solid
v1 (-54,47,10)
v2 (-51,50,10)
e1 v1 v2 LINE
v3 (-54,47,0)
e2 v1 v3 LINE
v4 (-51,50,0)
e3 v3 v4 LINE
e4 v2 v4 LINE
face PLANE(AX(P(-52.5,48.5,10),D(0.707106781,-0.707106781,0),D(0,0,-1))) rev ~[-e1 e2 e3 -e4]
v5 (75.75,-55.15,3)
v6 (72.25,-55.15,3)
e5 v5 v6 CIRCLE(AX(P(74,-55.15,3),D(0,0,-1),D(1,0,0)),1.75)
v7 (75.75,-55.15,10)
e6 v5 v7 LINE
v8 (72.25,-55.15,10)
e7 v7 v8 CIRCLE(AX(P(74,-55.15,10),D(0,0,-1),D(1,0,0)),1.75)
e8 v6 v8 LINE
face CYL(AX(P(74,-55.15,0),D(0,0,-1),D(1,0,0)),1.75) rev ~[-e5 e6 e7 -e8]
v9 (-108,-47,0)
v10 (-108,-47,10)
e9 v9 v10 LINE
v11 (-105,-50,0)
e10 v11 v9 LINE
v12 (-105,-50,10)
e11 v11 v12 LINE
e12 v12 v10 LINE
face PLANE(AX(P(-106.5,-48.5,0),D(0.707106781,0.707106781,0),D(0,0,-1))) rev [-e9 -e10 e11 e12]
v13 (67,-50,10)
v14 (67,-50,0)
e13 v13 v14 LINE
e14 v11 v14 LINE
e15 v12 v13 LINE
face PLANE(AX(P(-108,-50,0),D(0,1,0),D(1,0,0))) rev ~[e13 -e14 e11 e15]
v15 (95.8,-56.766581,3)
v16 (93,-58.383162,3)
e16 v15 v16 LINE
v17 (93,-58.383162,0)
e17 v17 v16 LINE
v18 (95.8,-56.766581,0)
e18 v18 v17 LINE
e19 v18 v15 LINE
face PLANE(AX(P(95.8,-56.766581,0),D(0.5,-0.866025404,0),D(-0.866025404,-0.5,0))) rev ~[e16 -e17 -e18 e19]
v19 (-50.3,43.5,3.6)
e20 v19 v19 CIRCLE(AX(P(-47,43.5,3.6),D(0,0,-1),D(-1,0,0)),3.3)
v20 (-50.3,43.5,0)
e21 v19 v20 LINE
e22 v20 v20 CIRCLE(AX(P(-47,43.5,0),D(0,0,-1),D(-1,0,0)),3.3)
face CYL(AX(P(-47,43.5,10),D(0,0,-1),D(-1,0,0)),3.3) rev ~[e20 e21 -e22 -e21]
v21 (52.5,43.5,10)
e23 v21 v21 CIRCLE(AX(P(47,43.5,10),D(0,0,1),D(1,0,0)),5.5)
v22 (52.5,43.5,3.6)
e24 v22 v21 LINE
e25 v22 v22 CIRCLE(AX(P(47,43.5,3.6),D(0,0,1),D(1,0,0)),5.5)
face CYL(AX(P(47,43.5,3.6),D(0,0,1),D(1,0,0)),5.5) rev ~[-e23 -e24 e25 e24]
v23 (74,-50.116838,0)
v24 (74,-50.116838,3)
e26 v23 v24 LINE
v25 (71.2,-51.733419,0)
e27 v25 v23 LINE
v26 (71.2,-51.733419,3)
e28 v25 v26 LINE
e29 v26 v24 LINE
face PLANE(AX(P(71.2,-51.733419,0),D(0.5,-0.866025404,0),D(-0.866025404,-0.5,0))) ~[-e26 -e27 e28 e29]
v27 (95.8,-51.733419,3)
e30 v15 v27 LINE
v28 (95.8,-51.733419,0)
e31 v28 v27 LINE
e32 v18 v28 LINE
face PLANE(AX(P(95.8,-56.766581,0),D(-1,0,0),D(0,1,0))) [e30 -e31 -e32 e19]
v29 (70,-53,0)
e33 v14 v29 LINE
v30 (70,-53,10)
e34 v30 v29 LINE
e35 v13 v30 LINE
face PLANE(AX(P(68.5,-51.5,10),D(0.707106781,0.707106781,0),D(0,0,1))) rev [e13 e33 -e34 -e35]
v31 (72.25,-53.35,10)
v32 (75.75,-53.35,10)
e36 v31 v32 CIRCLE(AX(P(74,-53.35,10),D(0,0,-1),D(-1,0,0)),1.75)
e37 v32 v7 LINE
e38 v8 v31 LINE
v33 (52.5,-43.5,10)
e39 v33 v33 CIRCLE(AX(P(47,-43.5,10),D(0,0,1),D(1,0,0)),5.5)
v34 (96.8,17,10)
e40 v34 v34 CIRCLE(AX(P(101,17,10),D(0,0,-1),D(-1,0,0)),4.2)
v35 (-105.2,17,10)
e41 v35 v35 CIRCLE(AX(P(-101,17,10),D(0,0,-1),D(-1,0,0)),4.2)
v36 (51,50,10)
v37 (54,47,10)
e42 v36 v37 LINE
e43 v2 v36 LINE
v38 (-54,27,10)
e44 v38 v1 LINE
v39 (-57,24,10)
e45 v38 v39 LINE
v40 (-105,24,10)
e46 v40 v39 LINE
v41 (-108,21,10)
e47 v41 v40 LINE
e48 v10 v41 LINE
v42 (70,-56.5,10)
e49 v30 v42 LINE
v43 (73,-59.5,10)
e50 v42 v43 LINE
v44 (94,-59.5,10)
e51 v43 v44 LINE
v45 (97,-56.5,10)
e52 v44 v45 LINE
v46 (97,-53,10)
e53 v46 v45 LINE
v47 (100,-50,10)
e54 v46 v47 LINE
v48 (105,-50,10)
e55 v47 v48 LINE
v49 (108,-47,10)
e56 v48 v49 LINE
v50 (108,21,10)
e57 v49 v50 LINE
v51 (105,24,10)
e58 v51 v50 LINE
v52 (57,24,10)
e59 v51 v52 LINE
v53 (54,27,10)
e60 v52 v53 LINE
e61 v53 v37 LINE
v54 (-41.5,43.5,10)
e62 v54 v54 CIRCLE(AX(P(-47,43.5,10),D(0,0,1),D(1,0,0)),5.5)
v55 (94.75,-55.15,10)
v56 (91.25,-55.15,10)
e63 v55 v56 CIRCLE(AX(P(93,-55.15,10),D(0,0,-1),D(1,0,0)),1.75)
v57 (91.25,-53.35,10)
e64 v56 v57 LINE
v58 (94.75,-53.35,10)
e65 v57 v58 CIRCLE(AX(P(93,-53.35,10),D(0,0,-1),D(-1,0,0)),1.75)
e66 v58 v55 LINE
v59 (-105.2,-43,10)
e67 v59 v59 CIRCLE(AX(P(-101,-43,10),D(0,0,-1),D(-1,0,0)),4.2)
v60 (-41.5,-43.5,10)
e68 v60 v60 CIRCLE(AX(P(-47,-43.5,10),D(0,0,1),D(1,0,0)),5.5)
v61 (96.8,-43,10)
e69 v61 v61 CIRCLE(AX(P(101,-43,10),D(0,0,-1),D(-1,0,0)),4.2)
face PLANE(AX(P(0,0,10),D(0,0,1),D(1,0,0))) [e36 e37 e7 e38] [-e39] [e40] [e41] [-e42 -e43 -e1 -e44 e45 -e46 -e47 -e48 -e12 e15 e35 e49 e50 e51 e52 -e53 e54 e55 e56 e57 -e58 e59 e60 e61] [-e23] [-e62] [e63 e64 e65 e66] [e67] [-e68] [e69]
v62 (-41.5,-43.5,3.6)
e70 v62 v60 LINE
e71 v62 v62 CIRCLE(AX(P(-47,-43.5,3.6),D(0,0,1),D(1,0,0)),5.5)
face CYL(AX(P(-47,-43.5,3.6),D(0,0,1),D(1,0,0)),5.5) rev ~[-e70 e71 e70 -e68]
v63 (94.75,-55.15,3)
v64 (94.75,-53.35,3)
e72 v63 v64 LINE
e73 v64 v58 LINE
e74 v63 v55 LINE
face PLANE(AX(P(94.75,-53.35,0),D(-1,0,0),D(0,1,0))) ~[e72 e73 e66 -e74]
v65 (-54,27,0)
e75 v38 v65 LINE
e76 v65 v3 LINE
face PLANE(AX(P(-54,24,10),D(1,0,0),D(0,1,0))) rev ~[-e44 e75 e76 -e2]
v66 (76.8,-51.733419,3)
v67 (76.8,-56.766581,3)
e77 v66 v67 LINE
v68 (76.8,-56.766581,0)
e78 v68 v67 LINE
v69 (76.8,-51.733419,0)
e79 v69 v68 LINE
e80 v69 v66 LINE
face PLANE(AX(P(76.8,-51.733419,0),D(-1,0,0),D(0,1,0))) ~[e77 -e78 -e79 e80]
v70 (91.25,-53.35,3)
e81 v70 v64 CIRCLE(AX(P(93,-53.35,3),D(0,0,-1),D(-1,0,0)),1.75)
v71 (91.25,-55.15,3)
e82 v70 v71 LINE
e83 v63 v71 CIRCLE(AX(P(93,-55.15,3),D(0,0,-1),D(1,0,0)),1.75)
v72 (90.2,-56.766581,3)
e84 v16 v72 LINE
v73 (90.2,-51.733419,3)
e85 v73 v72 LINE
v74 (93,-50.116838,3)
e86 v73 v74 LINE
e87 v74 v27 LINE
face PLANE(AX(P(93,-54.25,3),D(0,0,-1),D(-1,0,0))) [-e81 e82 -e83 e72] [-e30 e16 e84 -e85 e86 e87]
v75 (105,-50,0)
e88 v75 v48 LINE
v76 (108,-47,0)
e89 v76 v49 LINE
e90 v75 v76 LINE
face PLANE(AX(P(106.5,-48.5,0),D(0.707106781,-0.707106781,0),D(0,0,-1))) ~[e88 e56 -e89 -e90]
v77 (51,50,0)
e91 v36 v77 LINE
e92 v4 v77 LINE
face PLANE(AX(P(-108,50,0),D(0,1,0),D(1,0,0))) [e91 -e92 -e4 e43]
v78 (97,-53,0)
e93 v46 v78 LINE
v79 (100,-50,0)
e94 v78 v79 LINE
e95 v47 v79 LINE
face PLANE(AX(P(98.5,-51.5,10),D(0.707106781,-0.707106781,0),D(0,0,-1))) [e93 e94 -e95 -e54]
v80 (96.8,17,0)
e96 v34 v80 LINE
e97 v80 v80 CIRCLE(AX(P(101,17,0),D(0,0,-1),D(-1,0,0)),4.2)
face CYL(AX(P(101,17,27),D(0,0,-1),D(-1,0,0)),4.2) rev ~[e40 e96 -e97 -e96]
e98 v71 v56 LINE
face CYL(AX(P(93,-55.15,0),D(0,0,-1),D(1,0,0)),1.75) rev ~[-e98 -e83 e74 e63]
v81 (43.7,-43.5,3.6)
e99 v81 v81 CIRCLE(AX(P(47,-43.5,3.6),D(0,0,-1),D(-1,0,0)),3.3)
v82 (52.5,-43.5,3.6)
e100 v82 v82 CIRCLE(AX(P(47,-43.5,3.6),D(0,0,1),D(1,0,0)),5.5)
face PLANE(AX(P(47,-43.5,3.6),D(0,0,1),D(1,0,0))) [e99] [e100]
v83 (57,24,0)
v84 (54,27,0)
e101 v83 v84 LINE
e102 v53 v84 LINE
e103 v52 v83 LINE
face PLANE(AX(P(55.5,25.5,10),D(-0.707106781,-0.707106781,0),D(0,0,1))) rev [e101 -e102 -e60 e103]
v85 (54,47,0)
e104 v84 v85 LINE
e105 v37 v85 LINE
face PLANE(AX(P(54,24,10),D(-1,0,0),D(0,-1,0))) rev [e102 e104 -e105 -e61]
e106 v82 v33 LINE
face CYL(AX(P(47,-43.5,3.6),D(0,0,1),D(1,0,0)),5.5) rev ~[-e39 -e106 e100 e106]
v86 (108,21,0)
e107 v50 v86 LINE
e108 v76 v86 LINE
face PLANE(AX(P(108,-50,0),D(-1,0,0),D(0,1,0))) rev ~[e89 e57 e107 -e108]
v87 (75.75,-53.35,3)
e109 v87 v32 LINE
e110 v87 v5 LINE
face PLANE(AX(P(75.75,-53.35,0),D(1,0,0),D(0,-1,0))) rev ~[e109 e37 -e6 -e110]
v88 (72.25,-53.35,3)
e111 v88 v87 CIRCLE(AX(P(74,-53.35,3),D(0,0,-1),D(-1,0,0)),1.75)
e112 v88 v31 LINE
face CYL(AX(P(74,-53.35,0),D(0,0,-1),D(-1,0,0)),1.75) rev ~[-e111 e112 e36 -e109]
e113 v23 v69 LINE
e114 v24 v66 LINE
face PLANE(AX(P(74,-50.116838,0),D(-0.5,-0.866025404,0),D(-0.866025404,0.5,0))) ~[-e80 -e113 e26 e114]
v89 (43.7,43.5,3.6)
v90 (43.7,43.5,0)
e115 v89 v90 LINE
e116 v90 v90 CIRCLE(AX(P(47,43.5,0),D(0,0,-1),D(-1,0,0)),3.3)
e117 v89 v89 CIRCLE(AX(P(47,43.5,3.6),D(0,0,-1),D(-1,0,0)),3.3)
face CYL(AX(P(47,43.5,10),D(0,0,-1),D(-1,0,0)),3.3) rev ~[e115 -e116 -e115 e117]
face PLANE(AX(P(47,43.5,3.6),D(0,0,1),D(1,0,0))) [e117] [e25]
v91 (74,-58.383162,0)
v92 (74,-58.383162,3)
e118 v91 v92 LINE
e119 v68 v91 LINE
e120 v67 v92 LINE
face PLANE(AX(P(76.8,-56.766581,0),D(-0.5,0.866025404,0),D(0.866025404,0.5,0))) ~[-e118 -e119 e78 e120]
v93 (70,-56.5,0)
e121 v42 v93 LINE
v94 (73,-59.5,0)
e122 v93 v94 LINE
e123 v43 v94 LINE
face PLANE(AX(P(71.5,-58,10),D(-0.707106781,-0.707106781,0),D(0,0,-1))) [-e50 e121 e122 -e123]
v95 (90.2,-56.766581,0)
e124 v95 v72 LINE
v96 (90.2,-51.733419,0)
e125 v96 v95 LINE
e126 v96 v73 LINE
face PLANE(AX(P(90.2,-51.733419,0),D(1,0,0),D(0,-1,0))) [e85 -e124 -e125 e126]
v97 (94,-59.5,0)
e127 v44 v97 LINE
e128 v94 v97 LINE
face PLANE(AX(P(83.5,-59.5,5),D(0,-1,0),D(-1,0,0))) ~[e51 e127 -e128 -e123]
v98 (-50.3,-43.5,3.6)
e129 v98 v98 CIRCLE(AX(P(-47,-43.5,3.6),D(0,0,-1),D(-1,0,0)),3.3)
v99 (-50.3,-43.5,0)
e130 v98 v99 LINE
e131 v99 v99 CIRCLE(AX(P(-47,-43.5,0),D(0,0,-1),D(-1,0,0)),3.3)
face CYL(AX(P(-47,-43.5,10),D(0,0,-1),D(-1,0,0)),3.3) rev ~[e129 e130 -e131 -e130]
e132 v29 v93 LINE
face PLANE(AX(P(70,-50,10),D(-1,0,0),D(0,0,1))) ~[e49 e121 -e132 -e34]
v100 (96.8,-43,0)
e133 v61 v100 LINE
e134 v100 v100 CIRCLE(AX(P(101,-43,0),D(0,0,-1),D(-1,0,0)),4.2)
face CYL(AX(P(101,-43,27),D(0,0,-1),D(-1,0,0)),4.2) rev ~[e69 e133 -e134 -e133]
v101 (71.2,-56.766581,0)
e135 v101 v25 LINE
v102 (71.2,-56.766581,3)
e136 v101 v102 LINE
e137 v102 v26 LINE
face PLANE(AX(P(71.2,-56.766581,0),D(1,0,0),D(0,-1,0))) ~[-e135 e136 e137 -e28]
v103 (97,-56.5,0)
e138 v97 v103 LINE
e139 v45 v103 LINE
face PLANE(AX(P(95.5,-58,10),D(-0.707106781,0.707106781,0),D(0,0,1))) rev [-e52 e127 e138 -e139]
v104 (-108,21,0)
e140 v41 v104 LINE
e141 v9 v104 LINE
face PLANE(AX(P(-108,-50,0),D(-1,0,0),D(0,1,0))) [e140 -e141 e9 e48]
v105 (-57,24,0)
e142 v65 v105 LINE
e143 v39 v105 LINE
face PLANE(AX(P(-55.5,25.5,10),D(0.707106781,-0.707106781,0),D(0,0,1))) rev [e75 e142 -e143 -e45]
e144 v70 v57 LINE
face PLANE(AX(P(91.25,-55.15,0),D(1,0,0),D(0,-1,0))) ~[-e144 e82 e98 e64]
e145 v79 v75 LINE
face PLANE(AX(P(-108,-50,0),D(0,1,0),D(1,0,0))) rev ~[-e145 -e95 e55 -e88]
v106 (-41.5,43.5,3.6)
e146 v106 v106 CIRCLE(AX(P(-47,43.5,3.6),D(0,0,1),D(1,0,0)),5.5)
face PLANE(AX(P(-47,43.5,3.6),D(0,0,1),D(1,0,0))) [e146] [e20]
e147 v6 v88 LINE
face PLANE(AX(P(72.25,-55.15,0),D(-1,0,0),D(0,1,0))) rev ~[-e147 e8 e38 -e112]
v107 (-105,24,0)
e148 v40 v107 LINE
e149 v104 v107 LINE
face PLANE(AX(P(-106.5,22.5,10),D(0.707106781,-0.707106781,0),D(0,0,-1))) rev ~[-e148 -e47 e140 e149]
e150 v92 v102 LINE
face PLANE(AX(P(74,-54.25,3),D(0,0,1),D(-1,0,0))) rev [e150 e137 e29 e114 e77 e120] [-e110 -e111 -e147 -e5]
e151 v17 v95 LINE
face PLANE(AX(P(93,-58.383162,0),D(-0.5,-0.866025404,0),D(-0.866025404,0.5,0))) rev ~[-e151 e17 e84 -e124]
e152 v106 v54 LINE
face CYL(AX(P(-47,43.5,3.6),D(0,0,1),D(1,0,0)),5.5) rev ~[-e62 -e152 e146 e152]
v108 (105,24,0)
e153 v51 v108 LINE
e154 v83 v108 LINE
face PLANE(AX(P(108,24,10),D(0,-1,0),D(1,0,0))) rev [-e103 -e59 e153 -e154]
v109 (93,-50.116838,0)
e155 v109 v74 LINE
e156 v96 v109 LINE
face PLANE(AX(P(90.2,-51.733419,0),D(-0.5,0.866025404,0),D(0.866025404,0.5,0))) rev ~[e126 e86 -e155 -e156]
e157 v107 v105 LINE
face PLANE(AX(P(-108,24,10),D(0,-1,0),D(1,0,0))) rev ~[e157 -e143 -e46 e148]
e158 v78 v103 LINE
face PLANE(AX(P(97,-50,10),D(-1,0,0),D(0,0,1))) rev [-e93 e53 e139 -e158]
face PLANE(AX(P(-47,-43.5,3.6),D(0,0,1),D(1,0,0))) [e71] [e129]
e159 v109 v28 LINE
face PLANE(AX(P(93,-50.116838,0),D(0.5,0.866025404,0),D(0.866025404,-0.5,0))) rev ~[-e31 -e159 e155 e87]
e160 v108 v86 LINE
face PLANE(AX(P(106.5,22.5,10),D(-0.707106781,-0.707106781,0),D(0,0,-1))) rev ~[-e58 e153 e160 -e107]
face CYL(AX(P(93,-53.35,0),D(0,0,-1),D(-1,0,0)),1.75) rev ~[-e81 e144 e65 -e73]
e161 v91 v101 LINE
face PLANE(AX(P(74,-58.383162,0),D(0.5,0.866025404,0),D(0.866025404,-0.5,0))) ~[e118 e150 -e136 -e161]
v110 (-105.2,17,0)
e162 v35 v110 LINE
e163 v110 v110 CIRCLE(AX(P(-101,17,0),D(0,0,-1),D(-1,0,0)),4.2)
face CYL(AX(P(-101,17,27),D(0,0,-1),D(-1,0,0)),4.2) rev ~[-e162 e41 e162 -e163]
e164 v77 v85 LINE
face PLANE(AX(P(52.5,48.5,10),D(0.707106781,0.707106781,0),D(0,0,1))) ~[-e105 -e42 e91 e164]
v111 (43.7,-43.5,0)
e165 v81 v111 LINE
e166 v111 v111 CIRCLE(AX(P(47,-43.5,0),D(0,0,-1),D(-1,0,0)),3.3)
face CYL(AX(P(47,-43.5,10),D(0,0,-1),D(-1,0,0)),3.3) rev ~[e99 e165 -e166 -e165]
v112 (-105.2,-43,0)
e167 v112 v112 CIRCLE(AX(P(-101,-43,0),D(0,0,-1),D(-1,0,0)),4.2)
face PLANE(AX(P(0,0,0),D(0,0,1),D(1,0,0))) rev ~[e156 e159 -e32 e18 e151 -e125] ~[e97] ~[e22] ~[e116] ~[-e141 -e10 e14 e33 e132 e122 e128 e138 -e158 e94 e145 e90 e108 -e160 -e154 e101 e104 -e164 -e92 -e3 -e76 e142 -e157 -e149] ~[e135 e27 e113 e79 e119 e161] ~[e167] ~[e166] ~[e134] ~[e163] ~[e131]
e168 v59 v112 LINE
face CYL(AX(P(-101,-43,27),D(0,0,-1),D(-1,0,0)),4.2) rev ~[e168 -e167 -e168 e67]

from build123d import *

# Parameters (mm, degrees)
SKIZZE1_W                                            = 216
SKIZZE1_H                                            = 100
AUFSATZ_LINEAR_AUSTRAGEN1_DEPTH                      = 10
STIRNSENKUNG_F_R_M6_ZYLINDERSCHRAUBE_MIT_D           = 6.6
STIRNSENKUNG_F_R_M6_ZYLINDERSCHRAUBE_MIT_DEPTH       = 15
STIRNSENKUNG_F_R_M6_ZYLINDERSCHRAUBE_MIT_CBORE_D     = 11
STIRNSENKUNG_F_R_M6_ZYLINDERSCHRAUBE_MIT_CBORE_DEPTH = 6.4
STIRNSENKUNG_F_R_M6_ZYLINDERSCHRAUBE_MIT_TIP         = 1.982840043
CBORE_FOR_M6_HEX_SOCKET_HEAD_CAP_SCREW1_D            = 6.6
CBORE_FOR_M6_HEX_SOCKET_HEAD_CAP_SCREW1_DEPTH        = 15
CBORE_FOR_M6_HEX_SOCKET_HEAD_CAP_SCREW1_CBORE_D      = 11
CBORE_FOR_M6_HEX_SOCKET_HEAD_CAP_SCREW1_CBORE_DEPTH  = 6.4
CBORE_FOR_M6_HEX_SOCKET_HEAD_CAP_SCREW1_TIP          = 1.982840043
M8_CLEARANCE_HOLE1_D                                 = 8.4
M8_CLEARANCE_HOLE1_DEPTH                             = 17
M8_CLEARANCE_HOLE1_TIP                               = 2.5236146
SKIZZE18_W                                           = 54
SKIZZE18_H                                           = 26
SCHNITT_LINEAR_AUSTRAGEN1_DEPTH                      = 15
SKETCH1_W                                            = 27
SKETCH1_H                                            = 10
BOSS_EXTRUDE1_DEPTH                                  = 9.5
CUT_EXTRUDE1_DEPTH                                   = 10
LPATTERN1_COUNT                                      = 2
LPATTERN1_PITCH                                      = 19
CUT_EXTRUDE2_START                                   = -10
CUT_EXTRUDE2_DEPTH                                   = 3
LPATTERN2_COUNT                                      = 2
LPATTERN2_PITCH                                      = 19
MIRROR1_COPY_1_DEPTH                                 = 10
MIRROR1_START                                        = -10
MIRROR1_COPY_2_DEPTH                                 = 3
SKETCH5_W                                            = 27
SKETCH5_H                                            = 9.5
CUT_EXTRUDE3_DEPTH                                   = 10
CHAMFER4_SIZE                                        = 3
CHAMFER5_SIZE                                        = 3


with BuildPart() as part:
    # Skizze1 → Aufsatz-Linear austragen1 (new body)
    with BuildSketch(Plane.XY):
        Rectangle(SKIZZE1_W, SKIZZE1_H)
    extrude(amount=AUFSATZ_LINEAR_AUSTRAGEN1_DEPTH)

    # Stirnsenkung für M6 Zylinderschraube mit Innensechskant1
    with Locations(Plane.XY.offset(10)):
        with Locations((-47, -43.5), (47, -43.5)):
            CounterBoreHole(STIRNSENKUNG_F_R_M6_ZYLINDERSCHRAUBE_MIT_D / 2, STIRNSENKUNG_F_R_M6_ZYLINDERSCHRAUBE_MIT_CBORE_D / 2, STIRNSENKUNG_F_R_M6_ZYLINDERSCHRAUBE_MIT_CBORE_DEPTH, depth=STIRNSENKUNG_F_R_M6_ZYLINDERSCHRAUBE_MIT_DEPTH)
            with Locations((0, 0, -(STIRNSENKUNG_F_R_M6_ZYLINDERSCHRAUBE_MIT_DEPTH + STIRNSENKUNG_F_R_M6_ZYLINDERSCHRAUBE_MIT_TIP / 2))):  # 118° drill point
                Cone(0, STIRNSENKUNG_F_R_M6_ZYLINDERSCHRAUBE_MIT_D / 2, STIRNSENKUNG_F_R_M6_ZYLINDERSCHRAUBE_MIT_TIP, mode=Mode.SUBTRACT)

    # CBORE for M6 Hex Socket Head Cap Screw1
    with Locations(Plane.XY.offset(10)):
        with Locations((-47, 43.5), (47, 43.5)):
            CounterBoreHole(CBORE_FOR_M6_HEX_SOCKET_HEAD_CAP_SCREW1_D / 2, CBORE_FOR_M6_HEX_SOCKET_HEAD_CAP_SCREW1_CBORE_D / 2, CBORE_FOR_M6_HEX_SOCKET_HEAD_CAP_SCREW1_CBORE_DEPTH, depth=CBORE_FOR_M6_HEX_SOCKET_HEAD_CAP_SCREW1_DEPTH)
            with Locations((0, 0, -(CBORE_FOR_M6_HEX_SOCKET_HEAD_CAP_SCREW1_DEPTH + CBORE_FOR_M6_HEX_SOCKET_HEAD_CAP_SCREW1_TIP / 2))):  # 118° drill point
                Cone(0, CBORE_FOR_M6_HEX_SOCKET_HEAD_CAP_SCREW1_D / 2, CBORE_FOR_M6_HEX_SOCKET_HEAD_CAP_SCREW1_TIP, mode=Mode.SUBTRACT)

    # M8 Clearance Hole1
    with Locations(Plane.XY.offset(10)):
        with Locations((-101, 17), (-101, -43), (101, 17), (101, -43)):
            Hole(M8_CLEARANCE_HOLE1_D / 2, depth=M8_CLEARANCE_HOLE1_DEPTH)
            with Locations((0, 0, -(M8_CLEARANCE_HOLE1_DEPTH + M8_CLEARANCE_HOLE1_TIP / 2))):  # 118° drill point
                Cone(0, M8_CLEARANCE_HOLE1_D / 2, M8_CLEARANCE_HOLE1_TIP, mode=Mode.SUBTRACT)

    # Skizze18 → Schnitt-Linear austragen1 (cut)
    with BuildSketch(Plane.XY.offset(10)):
        with Locations((-81, 37)):
            Rectangle(SKIZZE18_W, SKIZZE18_H)
    schnitt_linear_austragen1 = extrude(amount=-SCHNITT_LINEAR_AUSTRAGEN1_DEPTH, mode=Mode.SUBTRACT)

    # Spiegeln1: Schnitt-Linear austragen1 across plane
    add(schnitt_linear_austragen1.mirror(Plane(origin=(0, 0, 0), x_dir=(0, 0, 1), z_dir=(1, 0, 0))), mode=Mode.SUBTRACT)

    # Sketch1 → Boss-Extrude1 (add)
    with BuildSketch(Plane(origin=(0, 24, 0), x_dir=(1, 0, 0), z_dir=(0, 1, 0))):
        with Locations((83.5, -5)):
            Rectangle(SKETCH1_W, SKETCH1_H)
    boss_extrude1 = extrude(amount=BOSS_EXTRUDE1_DEPTH)

    # Sketch3 → Cut-Extrude1 (cut)
    with BuildSketch(Plane(origin=(0, 0, 0), x_dir=(-1, 0, 0), z_dir=(0, 0, -1))):
        with BuildLine():
            Line((-91.25, 29.15), (-91.25, 27.35))
            ThreePointArc((-91.25, 27.35), (-93, 25.6), (-94.75, 27.35))
            Line((-94.75, 27.35), (-94.75, 29.15))
            ThreePointArc((-94.75, 29.15), (-93, 30.9), (-91.25, 29.15))
        make_face()
    cut_extrude1 = extrude(amount=-CUT_EXTRUDE1_DEPTH, mode=Mode.SUBTRACT)

    # LPattern1: Cut-Extrude1 ×2
    with Locations(*[(-i * LPATTERN1_PITCH, 0, 0) for i in range(1, LPATTERN1_COUNT)]):
        add(cut_extrude1, mode=Mode.SUBTRACT)

    # Sketch4 → Cut-Extrude2 (cut)
    with BuildSketch(Plane.XY.offset(10).offset(CUT_EXTRUDE2_START)):
        Polygon((74, 32.383161507), (71.2, 30.766580754), (71.2, 28.375279034), (71.2, 25.733419246), (74, 24.116838493), (76.8, 25.733419246), (76.8, 28.372780006), (76.8, 30.766580754), align=None)
    cut_extrude2 = extrude(amount=CUT_EXTRUDE2_DEPTH, mode=Mode.SUBTRACT)

    # LPattern2: Cut-Extrude2 ×2
    with Locations(*[(i * LPATTERN2_PITCH, 0, 0) for i in range(1, LPATTERN2_COUNT)]):
        add(cut_extrude2, mode=Mode.SUBTRACT)

    # Mirror1: Boss-Extrude1, Cut-Extrude1, Cut-Extrude2 across plane
    add(boss_extrude1.mirror(Plane.ZX.offset(-13)))
    add(cut_extrude1.mirror(Plane.ZX.offset(-13)), mode=Mode.SUBTRACT)
    add(cut_extrude2.mirror(Plane.ZX.offset(-13)), mode=Mode.SUBTRACT)

    # Mirror1 copy 1 sketch → Mirror1 copy 1 (cut)
    with BuildSketch(Plane(origin=(-19, -26, 0), x_dir=(-1, 0, 0), z_dir=(0, 0, -1))):
        with BuildLine():
            Line((-91.25, -29.15), (-91.25, -27.35))
            ThreePointArc((-91.25, -27.35), (-93, -25.6), (-94.75, -27.35))
            Line((-94.75, -27.35), (-94.75, -29.15))
            ThreePointArc((-94.75, -29.15), (-93, -30.9), (-91.25, -29.15))
        make_face()
    extrude(amount=-MIRROR1_COPY_1_DEPTH, mode=Mode.SUBTRACT)

    # Mirror1 copy 2 sketch → Mirror1 copy 2 (cut)
    with BuildSketch(Plane(origin=(19, -26, 10), x_dir=(1, 0, 0), z_dir=(0, 0, 1)).offset(MIRROR1_START)):
        Polygon((74, -32.383161507), (71.2, -30.766580754), (71.2, -28.375279034), (71.2, -25.733419246), (74, -24.116838493), (76.8, -25.733419246), (76.8, -28.372780006), (76.8, -30.766580754), align=None)
    extrude(amount=MIRROR1_COPY_2_DEPTH, mode=Mode.SUBTRACT)

    # Sketch5 → Cut-Extrude3 (cut)
    with BuildSketch(Plane.XY.offset(10)):
        with Locations((83.5, 28.75)):
            Rectangle(SKETCH5_W, SKETCH5_H)
    extrude(amount=-CUT_EXTRUDE3_DEPTH, mode=Mode.SUBTRACT)

    # Chamfer4
    chamfer4_edges = [part.edges().sort_by_distance(p)[0] for p in [
        (97, -59.5, 5),
        (70, -59.5, 5),
        (97, -50, 5),
        (70, -50, 5),
        (-54, 24, 5),
        (54, 24, 5),
    ]]
    chamfer(chamfer4_edges, length=CHAMFER4_SIZE)

    # Chamfer5
    chamfer5_edges = [part.edges().sort_by_distance(p)[0] for p in [
        (108, -50, 5),
        (-108, 24, 5),
        (-108, -50, 5),
        (-54, 50, 5),
        (108, 24, 5),
        (54, 50, 5),
    ]]
    chamfer(chamfer5_edges, length=CHAMFER5_SIZE)


solid = part.part
